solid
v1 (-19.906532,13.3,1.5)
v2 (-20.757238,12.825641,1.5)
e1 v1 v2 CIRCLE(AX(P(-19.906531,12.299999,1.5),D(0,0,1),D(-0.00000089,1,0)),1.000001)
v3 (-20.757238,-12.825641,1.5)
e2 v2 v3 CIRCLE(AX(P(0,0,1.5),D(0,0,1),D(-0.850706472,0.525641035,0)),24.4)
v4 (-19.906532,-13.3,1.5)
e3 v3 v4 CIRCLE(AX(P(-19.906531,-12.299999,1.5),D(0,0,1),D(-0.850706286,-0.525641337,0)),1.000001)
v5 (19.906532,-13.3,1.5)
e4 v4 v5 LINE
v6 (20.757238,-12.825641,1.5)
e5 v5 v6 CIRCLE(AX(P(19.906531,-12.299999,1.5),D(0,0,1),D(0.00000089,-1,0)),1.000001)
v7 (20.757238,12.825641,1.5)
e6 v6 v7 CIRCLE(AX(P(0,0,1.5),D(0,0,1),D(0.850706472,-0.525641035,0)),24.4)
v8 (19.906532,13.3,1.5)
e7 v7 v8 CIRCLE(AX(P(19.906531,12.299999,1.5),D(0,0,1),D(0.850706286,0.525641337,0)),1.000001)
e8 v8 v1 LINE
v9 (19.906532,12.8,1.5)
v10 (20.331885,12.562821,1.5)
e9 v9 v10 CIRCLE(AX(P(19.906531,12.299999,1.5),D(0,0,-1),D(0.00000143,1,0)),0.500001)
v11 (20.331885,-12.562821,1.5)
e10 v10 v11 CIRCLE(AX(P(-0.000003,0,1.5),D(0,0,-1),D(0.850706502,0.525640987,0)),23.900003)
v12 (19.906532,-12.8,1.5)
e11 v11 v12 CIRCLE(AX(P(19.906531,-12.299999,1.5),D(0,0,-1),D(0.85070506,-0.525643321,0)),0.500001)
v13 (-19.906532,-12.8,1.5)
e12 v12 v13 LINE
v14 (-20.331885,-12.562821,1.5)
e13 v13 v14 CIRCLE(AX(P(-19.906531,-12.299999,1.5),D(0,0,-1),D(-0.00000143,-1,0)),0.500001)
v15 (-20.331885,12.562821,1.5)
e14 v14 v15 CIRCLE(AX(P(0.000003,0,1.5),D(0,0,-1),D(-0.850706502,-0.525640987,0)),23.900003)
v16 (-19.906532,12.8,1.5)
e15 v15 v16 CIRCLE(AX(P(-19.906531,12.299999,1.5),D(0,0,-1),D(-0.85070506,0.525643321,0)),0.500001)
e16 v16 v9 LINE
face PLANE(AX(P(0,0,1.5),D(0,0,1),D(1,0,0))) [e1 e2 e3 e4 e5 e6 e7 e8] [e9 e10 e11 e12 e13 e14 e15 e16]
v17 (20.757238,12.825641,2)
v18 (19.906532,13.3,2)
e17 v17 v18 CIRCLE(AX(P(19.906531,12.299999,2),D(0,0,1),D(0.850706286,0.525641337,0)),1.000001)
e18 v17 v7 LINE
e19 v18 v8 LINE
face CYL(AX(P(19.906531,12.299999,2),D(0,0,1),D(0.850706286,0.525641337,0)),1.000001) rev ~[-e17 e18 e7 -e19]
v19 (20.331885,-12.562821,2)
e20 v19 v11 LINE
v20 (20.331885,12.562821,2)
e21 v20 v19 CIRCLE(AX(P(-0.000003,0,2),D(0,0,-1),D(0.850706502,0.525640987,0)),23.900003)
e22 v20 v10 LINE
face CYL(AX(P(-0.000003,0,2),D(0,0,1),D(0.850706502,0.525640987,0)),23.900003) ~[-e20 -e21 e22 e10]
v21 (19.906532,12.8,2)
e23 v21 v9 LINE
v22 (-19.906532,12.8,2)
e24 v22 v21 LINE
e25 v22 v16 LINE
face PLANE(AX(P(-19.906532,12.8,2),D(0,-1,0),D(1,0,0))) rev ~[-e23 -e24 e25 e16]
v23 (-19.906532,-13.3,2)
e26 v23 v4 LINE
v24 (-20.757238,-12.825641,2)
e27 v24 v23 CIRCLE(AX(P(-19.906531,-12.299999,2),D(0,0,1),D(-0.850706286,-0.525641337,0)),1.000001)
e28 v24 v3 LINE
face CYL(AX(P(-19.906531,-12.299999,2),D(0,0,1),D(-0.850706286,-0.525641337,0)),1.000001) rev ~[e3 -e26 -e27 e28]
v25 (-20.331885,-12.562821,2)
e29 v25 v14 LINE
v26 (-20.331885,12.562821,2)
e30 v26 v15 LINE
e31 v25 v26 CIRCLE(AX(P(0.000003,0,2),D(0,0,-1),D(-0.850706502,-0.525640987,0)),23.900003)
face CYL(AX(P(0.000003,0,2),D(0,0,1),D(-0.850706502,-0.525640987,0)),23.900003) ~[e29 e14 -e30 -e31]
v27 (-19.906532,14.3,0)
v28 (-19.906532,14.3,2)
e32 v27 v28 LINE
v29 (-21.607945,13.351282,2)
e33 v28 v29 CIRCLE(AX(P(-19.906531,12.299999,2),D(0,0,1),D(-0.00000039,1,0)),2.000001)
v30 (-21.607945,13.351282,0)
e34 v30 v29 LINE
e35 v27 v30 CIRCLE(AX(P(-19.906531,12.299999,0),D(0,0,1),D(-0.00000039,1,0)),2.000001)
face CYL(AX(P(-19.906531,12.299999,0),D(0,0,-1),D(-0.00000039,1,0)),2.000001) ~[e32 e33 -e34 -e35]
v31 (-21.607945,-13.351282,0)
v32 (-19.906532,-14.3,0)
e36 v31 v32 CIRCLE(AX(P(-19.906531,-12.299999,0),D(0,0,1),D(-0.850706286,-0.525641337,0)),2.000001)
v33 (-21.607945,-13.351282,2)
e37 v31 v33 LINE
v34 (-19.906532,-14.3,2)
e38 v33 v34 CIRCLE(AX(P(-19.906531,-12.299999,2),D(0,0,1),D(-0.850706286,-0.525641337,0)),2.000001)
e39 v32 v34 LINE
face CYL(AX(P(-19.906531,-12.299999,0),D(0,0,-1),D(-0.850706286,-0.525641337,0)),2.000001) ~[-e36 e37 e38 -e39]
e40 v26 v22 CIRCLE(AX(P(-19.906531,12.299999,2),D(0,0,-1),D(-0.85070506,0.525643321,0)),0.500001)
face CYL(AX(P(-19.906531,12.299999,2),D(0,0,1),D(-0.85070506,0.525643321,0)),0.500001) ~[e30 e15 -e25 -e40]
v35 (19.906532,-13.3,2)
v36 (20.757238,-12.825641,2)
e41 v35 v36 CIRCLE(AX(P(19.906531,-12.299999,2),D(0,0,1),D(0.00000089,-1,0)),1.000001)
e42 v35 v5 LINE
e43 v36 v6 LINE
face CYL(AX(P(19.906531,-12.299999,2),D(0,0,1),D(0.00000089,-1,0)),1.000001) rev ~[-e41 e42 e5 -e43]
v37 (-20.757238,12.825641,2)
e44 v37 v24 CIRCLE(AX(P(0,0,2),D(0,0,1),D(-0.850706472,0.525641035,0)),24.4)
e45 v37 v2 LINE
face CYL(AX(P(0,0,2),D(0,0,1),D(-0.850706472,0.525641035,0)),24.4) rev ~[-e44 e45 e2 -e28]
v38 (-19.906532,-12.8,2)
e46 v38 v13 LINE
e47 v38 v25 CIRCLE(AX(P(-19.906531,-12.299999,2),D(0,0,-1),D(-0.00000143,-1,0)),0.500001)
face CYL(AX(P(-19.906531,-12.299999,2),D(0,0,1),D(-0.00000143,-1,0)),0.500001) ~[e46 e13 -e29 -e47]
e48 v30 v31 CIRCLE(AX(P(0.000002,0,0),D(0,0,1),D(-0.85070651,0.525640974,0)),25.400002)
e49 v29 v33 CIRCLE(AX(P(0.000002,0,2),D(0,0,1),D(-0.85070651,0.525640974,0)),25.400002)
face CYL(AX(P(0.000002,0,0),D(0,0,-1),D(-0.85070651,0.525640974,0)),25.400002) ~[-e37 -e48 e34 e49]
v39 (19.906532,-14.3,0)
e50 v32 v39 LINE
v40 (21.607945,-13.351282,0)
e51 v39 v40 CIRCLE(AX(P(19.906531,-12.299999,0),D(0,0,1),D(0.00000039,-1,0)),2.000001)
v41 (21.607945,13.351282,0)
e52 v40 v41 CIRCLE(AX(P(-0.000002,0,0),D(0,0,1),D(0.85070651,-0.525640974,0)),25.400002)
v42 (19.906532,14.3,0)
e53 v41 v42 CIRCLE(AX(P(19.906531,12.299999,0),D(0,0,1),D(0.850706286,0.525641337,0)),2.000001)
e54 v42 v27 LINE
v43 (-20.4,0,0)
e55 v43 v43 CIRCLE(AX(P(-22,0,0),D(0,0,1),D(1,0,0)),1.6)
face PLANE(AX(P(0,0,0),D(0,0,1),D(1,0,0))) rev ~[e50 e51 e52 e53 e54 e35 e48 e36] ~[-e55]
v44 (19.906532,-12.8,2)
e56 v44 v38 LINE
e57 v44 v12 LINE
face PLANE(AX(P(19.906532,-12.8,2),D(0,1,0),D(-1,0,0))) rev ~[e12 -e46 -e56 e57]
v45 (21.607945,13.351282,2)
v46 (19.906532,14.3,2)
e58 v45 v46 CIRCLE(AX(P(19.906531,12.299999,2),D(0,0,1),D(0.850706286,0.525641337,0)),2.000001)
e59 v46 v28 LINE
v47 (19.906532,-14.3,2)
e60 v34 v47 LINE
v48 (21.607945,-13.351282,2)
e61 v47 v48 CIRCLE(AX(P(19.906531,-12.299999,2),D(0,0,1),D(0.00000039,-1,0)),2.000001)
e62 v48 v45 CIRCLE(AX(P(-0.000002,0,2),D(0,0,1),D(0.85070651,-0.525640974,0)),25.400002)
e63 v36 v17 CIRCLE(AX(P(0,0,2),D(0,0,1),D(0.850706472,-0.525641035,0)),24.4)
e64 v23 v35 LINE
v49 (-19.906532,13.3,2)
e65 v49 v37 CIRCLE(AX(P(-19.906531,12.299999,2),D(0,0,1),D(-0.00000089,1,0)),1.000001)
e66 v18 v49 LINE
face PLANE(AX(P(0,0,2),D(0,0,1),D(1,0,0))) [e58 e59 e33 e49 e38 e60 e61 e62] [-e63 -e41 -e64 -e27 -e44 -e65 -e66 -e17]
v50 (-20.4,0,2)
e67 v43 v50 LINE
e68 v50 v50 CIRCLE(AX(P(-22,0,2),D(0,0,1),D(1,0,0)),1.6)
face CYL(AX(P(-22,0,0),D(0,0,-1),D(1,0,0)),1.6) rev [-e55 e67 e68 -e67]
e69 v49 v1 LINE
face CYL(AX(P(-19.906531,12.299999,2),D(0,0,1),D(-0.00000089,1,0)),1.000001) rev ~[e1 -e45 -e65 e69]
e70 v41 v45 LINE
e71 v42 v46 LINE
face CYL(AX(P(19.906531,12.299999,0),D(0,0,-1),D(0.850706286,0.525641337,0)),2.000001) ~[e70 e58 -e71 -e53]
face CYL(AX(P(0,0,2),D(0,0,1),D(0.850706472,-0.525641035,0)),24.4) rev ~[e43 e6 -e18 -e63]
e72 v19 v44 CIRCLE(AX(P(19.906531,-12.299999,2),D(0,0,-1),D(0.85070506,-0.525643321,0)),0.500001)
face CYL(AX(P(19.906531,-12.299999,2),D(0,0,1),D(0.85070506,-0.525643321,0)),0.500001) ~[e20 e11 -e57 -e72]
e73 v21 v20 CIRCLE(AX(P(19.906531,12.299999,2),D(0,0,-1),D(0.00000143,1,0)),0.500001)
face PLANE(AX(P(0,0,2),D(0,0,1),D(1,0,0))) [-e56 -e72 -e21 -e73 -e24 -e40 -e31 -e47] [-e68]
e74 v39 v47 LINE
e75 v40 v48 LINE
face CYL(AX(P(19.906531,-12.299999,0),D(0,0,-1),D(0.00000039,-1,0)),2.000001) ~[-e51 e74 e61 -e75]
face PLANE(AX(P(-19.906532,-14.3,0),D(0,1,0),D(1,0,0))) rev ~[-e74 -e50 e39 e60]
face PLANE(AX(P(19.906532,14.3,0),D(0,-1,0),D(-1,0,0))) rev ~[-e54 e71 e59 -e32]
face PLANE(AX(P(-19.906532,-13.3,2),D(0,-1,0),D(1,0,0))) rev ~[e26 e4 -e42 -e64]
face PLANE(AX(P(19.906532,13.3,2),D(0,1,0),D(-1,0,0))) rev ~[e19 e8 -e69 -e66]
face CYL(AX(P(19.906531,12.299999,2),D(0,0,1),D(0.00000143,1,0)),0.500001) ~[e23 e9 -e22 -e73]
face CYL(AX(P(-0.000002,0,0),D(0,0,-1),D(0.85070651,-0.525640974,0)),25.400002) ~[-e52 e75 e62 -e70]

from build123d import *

# Parameters (mm, degrees)
F0_R     = 1.6
F1_DEPTH = 2
F3_DEPTH = 0.5


with BuildPart() as f1:
    # F0 (on Top) → F1 (new body)
    with BuildSketch(Plane.XY):
        with BuildLine():
            Line((-19.906532, -14.3), (19.906532, -14.3))
            ThreePointArc((19.906532, -14.3), (20.880553, -14.046792), (21.607945, -13.351282))
            ThreePointArc((21.607945, -13.351282), (25.4, 0), (21.607945, 13.351282))
            ThreePointArc((21.607945, 13.351282), (20.880553, 14.046792), (19.906532, 14.3))
            Line((19.906532, 14.3), (-19.906532, 14.3))
            ThreePointArc((-19.906532, 14.3), (-20.880553, 14.046792), (-21.607945, 13.351282))
            ThreePointArc((-21.607945, 13.351282), (-25.4, 0), (-21.607945, -13.351282))
            ThreePointArc((-21.607945, -13.351282), (-20.880553, -14.046792), (-19.906532, -14.3))
        make_face()
        with Locations((-22, 0)):
            Circle(F0_R, mode=Mode.SUBTRACT)
    extrude(amount=F1_DEPTH)

    # F2 (on face) → F3 (cut)
    with BuildSketch(Plane.XY.offset(2)):
        with BuildLine():
            ThreePointArc((19.906532, -13.3), (20.393542, -13.173396), (20.757238, -12.825641))
            ThreePointArc((20.757238, -12.825641), (24.4, 0), (20.757238, 12.825641))
            ThreePointArc((20.757238, 12.825641), (20.393542, 13.173396), (19.906532, 13.3))
            Line((19.906532, 13.3), (-19.906532, 13.3))
            ThreePointArc((-19.906532, 13.3), (-20.393542, 13.173396), (-20.757238, 12.825641))
            ThreePointArc((-20.757238, 12.825641), (-24.4, 0), (-20.757238, -12.825641))
            ThreePointArc((-20.757238, -12.825641), (-20.393542, -13.173396), (-19.906532, -13.3))
            Line((-19.906532, -13.3), (19.906532, -13.3))
        make_face()
        with BuildLine():
            ThreePointArc((20.331885, 12.562821), (23.9, 0), (20.331885, -12.562821))
            ThreePointArc((20.331885, -12.562821), (20.150037, -12.736698), (19.906532, -12.8))
            Line((19.906532, -12.8), (-19.906532, -12.8))
            ThreePointArc((-19.906532, -12.8), (-20.150037, -12.736698), (-20.331885, -12.562821))
            ThreePointArc((-20.331885, -12.562821), (-23.9, 0), (-20.331885, 12.562821))
            ThreePointArc((-20.331885, 12.562821), (-20.150037, 12.736698), (-19.906532, 12.8))
            Line((-19.906532, 12.8), (19.906532, 12.8))
            ThreePointArc((19.906532, 12.8), (20.150037, 12.736698), (20.331885, 12.562821))
        make_face(mode=Mode.SUBTRACT)
    extrude(amount=-F3_DEPTH, mode=Mode.SUBTRACT)


solid = f1.part
